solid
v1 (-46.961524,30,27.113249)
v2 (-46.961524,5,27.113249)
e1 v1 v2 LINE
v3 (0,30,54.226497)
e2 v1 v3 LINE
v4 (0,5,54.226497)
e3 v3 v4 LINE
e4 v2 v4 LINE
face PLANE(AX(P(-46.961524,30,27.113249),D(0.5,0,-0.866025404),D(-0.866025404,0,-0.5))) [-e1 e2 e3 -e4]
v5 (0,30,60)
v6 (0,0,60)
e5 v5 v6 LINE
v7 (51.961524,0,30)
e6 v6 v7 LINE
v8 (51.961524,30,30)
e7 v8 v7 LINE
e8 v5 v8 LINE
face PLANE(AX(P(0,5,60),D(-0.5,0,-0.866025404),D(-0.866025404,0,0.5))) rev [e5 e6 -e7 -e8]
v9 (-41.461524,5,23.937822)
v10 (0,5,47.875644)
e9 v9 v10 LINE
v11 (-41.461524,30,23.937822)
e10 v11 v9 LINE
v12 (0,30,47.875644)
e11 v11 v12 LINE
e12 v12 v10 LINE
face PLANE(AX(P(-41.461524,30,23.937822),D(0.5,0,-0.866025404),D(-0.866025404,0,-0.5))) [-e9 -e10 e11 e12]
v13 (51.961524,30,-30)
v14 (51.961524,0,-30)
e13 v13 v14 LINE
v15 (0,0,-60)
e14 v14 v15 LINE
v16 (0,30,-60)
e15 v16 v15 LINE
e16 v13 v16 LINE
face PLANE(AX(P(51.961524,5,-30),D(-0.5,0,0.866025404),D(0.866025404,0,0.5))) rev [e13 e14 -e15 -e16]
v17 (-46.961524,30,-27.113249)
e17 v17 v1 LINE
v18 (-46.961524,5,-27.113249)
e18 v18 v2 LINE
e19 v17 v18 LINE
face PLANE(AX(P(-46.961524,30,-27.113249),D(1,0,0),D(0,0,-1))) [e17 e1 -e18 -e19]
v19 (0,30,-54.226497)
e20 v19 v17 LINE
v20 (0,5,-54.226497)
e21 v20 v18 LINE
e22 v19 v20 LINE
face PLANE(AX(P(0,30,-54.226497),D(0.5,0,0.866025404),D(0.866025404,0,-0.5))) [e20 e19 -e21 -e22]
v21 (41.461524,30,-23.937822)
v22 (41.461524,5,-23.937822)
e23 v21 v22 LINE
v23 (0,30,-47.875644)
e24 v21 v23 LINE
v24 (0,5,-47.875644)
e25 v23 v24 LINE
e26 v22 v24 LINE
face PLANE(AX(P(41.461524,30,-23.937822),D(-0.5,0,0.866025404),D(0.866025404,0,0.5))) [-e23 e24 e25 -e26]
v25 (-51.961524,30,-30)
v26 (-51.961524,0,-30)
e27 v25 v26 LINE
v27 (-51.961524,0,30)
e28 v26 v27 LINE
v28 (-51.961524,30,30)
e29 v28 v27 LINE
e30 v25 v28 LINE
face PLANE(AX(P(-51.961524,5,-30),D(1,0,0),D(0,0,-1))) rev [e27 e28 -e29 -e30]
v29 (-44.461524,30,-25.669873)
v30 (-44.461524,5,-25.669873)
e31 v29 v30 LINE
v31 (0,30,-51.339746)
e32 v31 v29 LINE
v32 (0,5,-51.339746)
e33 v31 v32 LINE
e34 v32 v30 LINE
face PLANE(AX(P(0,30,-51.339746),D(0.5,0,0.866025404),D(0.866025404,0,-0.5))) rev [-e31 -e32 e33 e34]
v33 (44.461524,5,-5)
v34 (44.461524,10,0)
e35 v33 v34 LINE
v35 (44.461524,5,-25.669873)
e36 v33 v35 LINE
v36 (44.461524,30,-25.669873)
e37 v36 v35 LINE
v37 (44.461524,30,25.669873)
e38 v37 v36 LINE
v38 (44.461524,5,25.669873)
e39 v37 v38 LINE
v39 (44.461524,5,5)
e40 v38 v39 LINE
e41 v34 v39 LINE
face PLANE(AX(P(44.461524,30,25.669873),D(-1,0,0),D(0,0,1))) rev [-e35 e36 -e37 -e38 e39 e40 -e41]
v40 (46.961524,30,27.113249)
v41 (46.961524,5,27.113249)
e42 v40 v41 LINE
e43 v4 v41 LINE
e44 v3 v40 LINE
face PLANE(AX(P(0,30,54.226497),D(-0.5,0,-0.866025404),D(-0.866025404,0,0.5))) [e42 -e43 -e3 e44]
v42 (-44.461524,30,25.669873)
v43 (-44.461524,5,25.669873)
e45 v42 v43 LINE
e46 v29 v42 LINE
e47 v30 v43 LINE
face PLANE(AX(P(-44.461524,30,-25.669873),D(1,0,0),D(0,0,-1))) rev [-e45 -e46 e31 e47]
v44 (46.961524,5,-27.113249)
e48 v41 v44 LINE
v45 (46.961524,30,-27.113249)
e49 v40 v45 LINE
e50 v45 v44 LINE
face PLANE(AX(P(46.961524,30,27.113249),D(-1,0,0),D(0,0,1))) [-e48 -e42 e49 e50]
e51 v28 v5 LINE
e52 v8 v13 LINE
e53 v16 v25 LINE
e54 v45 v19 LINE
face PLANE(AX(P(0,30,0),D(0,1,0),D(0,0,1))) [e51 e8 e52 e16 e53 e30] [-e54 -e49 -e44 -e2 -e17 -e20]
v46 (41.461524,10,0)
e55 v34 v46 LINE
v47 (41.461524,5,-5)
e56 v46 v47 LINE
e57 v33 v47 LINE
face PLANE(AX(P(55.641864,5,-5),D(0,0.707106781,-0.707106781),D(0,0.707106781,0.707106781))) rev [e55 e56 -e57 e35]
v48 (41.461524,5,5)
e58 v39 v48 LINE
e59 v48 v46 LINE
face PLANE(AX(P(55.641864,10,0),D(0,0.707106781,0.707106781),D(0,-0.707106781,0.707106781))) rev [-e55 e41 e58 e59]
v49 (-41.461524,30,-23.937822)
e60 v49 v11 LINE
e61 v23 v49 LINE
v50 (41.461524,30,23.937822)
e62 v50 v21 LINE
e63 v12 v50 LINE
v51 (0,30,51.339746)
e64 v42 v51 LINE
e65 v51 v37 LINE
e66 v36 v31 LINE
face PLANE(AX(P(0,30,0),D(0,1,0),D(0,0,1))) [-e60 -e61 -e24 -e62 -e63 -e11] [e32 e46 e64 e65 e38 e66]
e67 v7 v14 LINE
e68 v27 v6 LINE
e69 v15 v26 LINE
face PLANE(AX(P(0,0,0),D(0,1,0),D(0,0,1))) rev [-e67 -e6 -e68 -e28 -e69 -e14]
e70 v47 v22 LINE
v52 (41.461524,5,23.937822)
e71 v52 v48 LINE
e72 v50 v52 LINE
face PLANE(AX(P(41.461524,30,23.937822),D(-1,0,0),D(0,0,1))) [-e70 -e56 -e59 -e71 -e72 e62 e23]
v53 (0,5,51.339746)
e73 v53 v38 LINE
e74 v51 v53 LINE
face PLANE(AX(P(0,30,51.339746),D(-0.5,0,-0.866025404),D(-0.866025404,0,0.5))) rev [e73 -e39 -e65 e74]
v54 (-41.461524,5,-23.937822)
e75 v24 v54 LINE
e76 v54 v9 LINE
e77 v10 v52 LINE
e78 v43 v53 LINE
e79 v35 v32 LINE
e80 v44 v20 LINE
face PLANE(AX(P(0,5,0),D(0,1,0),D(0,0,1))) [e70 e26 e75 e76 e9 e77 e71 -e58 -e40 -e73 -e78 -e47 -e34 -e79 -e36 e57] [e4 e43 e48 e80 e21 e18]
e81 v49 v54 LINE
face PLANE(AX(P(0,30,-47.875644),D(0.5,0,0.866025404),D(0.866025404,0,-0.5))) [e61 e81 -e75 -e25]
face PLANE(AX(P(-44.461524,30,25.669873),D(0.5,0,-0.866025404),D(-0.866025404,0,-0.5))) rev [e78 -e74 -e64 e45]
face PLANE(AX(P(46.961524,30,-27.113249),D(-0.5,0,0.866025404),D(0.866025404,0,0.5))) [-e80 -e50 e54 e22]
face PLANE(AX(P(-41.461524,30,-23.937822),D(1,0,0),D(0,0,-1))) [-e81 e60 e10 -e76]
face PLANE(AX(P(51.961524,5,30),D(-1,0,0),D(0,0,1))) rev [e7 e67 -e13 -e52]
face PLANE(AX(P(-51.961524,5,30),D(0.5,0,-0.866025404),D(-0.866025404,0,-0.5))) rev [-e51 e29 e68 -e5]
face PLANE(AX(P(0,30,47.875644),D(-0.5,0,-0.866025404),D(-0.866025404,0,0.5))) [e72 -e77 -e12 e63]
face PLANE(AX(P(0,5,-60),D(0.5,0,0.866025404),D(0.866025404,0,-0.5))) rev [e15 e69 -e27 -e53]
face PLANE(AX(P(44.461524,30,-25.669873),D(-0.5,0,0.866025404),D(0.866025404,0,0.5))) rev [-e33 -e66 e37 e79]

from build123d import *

# Parameters (mm, degrees)
BOSS_EXTRUDE1_DEPTH = 5
BOSS_EXTRUDE2_DEPTH = 25
BOSS_EXTRUDE4_DEPTH = 25
CUT_EXTRUDE1_DEPTH  = 3


with BuildPart() as part:
    # layout → Boss-Extrude1 (new body)
    with BuildSketch(Plane(origin=(0, 0, 0), x_dir=(1, 0, 0), z_dir=(0, 1, 0))):
        Polygon((0, -60), (51.961524227, -30), (51.961524227, 30), (0, 60), (-51.961524227, 30), (-51.961524227, -30), align=None)
    extrude(amount=BOSS_EXTRUDE1_DEPTH)

    # Sketch2 → Boss-Extrude2 (add)
    with BuildSketch(Plane(origin=(0, 5, 0), x_dir=(1, 0, 0), z_dir=(0, 1, 0))):
        Polygon((-51.961524227, -30), (0, -60), (51.961524227, -30), (51.961524227, 30), (0, 60), (-51.961524227, 30), align=None)
        Polygon((-46.961524227, -27.113248654), (0, -54.226497308), (46.961524227, -27.113248654), (46.961524227, 27.113248654), (0, 54.226497308), (-46.961524227, 27.113248654), align=None, mode=Mode.SUBTRACT)
    extrude(amount=BOSS_EXTRUDE2_DEPTH)

    # Sketch3 → Boss-Extrude4 (add)
    with BuildSketch(Plane(origin=(0, 5, 0), x_dir=(1, 0, 0), z_dir=(0, 1, 0))):
        Polygon((-44.461524227, 25.669872981), (-44.461524227, -25.669872981), (0, -51.339745962), (44.461524227, -25.669872981), (44.461524227, 25.669872981), (0, 51.339745962), align=None)
        Polygon((0, 47.875644347), (-41.461524227, 23.937822174), (-41.461524227, -23.937822174), (0, -47.875644347), (41.461524227, -23.937822174), (41.461524227, 23.937822174), align=None, mode=Mode.SUBTRACT)
    extrude(amount=BOSS_EXTRUDE4_DEPTH)

    # Sketch4 → Cut-Extrude1 (cut)
    with BuildSketch(Plane.ZY.offset(-41.461524227)):
        Polygon((-5, 5), (5, 5), (0, 10), align=None)
    extrude(amount=-CUT_EXTRUDE1_DEPTH, mode=Mode.SUBTRACT)


solid = part.part
